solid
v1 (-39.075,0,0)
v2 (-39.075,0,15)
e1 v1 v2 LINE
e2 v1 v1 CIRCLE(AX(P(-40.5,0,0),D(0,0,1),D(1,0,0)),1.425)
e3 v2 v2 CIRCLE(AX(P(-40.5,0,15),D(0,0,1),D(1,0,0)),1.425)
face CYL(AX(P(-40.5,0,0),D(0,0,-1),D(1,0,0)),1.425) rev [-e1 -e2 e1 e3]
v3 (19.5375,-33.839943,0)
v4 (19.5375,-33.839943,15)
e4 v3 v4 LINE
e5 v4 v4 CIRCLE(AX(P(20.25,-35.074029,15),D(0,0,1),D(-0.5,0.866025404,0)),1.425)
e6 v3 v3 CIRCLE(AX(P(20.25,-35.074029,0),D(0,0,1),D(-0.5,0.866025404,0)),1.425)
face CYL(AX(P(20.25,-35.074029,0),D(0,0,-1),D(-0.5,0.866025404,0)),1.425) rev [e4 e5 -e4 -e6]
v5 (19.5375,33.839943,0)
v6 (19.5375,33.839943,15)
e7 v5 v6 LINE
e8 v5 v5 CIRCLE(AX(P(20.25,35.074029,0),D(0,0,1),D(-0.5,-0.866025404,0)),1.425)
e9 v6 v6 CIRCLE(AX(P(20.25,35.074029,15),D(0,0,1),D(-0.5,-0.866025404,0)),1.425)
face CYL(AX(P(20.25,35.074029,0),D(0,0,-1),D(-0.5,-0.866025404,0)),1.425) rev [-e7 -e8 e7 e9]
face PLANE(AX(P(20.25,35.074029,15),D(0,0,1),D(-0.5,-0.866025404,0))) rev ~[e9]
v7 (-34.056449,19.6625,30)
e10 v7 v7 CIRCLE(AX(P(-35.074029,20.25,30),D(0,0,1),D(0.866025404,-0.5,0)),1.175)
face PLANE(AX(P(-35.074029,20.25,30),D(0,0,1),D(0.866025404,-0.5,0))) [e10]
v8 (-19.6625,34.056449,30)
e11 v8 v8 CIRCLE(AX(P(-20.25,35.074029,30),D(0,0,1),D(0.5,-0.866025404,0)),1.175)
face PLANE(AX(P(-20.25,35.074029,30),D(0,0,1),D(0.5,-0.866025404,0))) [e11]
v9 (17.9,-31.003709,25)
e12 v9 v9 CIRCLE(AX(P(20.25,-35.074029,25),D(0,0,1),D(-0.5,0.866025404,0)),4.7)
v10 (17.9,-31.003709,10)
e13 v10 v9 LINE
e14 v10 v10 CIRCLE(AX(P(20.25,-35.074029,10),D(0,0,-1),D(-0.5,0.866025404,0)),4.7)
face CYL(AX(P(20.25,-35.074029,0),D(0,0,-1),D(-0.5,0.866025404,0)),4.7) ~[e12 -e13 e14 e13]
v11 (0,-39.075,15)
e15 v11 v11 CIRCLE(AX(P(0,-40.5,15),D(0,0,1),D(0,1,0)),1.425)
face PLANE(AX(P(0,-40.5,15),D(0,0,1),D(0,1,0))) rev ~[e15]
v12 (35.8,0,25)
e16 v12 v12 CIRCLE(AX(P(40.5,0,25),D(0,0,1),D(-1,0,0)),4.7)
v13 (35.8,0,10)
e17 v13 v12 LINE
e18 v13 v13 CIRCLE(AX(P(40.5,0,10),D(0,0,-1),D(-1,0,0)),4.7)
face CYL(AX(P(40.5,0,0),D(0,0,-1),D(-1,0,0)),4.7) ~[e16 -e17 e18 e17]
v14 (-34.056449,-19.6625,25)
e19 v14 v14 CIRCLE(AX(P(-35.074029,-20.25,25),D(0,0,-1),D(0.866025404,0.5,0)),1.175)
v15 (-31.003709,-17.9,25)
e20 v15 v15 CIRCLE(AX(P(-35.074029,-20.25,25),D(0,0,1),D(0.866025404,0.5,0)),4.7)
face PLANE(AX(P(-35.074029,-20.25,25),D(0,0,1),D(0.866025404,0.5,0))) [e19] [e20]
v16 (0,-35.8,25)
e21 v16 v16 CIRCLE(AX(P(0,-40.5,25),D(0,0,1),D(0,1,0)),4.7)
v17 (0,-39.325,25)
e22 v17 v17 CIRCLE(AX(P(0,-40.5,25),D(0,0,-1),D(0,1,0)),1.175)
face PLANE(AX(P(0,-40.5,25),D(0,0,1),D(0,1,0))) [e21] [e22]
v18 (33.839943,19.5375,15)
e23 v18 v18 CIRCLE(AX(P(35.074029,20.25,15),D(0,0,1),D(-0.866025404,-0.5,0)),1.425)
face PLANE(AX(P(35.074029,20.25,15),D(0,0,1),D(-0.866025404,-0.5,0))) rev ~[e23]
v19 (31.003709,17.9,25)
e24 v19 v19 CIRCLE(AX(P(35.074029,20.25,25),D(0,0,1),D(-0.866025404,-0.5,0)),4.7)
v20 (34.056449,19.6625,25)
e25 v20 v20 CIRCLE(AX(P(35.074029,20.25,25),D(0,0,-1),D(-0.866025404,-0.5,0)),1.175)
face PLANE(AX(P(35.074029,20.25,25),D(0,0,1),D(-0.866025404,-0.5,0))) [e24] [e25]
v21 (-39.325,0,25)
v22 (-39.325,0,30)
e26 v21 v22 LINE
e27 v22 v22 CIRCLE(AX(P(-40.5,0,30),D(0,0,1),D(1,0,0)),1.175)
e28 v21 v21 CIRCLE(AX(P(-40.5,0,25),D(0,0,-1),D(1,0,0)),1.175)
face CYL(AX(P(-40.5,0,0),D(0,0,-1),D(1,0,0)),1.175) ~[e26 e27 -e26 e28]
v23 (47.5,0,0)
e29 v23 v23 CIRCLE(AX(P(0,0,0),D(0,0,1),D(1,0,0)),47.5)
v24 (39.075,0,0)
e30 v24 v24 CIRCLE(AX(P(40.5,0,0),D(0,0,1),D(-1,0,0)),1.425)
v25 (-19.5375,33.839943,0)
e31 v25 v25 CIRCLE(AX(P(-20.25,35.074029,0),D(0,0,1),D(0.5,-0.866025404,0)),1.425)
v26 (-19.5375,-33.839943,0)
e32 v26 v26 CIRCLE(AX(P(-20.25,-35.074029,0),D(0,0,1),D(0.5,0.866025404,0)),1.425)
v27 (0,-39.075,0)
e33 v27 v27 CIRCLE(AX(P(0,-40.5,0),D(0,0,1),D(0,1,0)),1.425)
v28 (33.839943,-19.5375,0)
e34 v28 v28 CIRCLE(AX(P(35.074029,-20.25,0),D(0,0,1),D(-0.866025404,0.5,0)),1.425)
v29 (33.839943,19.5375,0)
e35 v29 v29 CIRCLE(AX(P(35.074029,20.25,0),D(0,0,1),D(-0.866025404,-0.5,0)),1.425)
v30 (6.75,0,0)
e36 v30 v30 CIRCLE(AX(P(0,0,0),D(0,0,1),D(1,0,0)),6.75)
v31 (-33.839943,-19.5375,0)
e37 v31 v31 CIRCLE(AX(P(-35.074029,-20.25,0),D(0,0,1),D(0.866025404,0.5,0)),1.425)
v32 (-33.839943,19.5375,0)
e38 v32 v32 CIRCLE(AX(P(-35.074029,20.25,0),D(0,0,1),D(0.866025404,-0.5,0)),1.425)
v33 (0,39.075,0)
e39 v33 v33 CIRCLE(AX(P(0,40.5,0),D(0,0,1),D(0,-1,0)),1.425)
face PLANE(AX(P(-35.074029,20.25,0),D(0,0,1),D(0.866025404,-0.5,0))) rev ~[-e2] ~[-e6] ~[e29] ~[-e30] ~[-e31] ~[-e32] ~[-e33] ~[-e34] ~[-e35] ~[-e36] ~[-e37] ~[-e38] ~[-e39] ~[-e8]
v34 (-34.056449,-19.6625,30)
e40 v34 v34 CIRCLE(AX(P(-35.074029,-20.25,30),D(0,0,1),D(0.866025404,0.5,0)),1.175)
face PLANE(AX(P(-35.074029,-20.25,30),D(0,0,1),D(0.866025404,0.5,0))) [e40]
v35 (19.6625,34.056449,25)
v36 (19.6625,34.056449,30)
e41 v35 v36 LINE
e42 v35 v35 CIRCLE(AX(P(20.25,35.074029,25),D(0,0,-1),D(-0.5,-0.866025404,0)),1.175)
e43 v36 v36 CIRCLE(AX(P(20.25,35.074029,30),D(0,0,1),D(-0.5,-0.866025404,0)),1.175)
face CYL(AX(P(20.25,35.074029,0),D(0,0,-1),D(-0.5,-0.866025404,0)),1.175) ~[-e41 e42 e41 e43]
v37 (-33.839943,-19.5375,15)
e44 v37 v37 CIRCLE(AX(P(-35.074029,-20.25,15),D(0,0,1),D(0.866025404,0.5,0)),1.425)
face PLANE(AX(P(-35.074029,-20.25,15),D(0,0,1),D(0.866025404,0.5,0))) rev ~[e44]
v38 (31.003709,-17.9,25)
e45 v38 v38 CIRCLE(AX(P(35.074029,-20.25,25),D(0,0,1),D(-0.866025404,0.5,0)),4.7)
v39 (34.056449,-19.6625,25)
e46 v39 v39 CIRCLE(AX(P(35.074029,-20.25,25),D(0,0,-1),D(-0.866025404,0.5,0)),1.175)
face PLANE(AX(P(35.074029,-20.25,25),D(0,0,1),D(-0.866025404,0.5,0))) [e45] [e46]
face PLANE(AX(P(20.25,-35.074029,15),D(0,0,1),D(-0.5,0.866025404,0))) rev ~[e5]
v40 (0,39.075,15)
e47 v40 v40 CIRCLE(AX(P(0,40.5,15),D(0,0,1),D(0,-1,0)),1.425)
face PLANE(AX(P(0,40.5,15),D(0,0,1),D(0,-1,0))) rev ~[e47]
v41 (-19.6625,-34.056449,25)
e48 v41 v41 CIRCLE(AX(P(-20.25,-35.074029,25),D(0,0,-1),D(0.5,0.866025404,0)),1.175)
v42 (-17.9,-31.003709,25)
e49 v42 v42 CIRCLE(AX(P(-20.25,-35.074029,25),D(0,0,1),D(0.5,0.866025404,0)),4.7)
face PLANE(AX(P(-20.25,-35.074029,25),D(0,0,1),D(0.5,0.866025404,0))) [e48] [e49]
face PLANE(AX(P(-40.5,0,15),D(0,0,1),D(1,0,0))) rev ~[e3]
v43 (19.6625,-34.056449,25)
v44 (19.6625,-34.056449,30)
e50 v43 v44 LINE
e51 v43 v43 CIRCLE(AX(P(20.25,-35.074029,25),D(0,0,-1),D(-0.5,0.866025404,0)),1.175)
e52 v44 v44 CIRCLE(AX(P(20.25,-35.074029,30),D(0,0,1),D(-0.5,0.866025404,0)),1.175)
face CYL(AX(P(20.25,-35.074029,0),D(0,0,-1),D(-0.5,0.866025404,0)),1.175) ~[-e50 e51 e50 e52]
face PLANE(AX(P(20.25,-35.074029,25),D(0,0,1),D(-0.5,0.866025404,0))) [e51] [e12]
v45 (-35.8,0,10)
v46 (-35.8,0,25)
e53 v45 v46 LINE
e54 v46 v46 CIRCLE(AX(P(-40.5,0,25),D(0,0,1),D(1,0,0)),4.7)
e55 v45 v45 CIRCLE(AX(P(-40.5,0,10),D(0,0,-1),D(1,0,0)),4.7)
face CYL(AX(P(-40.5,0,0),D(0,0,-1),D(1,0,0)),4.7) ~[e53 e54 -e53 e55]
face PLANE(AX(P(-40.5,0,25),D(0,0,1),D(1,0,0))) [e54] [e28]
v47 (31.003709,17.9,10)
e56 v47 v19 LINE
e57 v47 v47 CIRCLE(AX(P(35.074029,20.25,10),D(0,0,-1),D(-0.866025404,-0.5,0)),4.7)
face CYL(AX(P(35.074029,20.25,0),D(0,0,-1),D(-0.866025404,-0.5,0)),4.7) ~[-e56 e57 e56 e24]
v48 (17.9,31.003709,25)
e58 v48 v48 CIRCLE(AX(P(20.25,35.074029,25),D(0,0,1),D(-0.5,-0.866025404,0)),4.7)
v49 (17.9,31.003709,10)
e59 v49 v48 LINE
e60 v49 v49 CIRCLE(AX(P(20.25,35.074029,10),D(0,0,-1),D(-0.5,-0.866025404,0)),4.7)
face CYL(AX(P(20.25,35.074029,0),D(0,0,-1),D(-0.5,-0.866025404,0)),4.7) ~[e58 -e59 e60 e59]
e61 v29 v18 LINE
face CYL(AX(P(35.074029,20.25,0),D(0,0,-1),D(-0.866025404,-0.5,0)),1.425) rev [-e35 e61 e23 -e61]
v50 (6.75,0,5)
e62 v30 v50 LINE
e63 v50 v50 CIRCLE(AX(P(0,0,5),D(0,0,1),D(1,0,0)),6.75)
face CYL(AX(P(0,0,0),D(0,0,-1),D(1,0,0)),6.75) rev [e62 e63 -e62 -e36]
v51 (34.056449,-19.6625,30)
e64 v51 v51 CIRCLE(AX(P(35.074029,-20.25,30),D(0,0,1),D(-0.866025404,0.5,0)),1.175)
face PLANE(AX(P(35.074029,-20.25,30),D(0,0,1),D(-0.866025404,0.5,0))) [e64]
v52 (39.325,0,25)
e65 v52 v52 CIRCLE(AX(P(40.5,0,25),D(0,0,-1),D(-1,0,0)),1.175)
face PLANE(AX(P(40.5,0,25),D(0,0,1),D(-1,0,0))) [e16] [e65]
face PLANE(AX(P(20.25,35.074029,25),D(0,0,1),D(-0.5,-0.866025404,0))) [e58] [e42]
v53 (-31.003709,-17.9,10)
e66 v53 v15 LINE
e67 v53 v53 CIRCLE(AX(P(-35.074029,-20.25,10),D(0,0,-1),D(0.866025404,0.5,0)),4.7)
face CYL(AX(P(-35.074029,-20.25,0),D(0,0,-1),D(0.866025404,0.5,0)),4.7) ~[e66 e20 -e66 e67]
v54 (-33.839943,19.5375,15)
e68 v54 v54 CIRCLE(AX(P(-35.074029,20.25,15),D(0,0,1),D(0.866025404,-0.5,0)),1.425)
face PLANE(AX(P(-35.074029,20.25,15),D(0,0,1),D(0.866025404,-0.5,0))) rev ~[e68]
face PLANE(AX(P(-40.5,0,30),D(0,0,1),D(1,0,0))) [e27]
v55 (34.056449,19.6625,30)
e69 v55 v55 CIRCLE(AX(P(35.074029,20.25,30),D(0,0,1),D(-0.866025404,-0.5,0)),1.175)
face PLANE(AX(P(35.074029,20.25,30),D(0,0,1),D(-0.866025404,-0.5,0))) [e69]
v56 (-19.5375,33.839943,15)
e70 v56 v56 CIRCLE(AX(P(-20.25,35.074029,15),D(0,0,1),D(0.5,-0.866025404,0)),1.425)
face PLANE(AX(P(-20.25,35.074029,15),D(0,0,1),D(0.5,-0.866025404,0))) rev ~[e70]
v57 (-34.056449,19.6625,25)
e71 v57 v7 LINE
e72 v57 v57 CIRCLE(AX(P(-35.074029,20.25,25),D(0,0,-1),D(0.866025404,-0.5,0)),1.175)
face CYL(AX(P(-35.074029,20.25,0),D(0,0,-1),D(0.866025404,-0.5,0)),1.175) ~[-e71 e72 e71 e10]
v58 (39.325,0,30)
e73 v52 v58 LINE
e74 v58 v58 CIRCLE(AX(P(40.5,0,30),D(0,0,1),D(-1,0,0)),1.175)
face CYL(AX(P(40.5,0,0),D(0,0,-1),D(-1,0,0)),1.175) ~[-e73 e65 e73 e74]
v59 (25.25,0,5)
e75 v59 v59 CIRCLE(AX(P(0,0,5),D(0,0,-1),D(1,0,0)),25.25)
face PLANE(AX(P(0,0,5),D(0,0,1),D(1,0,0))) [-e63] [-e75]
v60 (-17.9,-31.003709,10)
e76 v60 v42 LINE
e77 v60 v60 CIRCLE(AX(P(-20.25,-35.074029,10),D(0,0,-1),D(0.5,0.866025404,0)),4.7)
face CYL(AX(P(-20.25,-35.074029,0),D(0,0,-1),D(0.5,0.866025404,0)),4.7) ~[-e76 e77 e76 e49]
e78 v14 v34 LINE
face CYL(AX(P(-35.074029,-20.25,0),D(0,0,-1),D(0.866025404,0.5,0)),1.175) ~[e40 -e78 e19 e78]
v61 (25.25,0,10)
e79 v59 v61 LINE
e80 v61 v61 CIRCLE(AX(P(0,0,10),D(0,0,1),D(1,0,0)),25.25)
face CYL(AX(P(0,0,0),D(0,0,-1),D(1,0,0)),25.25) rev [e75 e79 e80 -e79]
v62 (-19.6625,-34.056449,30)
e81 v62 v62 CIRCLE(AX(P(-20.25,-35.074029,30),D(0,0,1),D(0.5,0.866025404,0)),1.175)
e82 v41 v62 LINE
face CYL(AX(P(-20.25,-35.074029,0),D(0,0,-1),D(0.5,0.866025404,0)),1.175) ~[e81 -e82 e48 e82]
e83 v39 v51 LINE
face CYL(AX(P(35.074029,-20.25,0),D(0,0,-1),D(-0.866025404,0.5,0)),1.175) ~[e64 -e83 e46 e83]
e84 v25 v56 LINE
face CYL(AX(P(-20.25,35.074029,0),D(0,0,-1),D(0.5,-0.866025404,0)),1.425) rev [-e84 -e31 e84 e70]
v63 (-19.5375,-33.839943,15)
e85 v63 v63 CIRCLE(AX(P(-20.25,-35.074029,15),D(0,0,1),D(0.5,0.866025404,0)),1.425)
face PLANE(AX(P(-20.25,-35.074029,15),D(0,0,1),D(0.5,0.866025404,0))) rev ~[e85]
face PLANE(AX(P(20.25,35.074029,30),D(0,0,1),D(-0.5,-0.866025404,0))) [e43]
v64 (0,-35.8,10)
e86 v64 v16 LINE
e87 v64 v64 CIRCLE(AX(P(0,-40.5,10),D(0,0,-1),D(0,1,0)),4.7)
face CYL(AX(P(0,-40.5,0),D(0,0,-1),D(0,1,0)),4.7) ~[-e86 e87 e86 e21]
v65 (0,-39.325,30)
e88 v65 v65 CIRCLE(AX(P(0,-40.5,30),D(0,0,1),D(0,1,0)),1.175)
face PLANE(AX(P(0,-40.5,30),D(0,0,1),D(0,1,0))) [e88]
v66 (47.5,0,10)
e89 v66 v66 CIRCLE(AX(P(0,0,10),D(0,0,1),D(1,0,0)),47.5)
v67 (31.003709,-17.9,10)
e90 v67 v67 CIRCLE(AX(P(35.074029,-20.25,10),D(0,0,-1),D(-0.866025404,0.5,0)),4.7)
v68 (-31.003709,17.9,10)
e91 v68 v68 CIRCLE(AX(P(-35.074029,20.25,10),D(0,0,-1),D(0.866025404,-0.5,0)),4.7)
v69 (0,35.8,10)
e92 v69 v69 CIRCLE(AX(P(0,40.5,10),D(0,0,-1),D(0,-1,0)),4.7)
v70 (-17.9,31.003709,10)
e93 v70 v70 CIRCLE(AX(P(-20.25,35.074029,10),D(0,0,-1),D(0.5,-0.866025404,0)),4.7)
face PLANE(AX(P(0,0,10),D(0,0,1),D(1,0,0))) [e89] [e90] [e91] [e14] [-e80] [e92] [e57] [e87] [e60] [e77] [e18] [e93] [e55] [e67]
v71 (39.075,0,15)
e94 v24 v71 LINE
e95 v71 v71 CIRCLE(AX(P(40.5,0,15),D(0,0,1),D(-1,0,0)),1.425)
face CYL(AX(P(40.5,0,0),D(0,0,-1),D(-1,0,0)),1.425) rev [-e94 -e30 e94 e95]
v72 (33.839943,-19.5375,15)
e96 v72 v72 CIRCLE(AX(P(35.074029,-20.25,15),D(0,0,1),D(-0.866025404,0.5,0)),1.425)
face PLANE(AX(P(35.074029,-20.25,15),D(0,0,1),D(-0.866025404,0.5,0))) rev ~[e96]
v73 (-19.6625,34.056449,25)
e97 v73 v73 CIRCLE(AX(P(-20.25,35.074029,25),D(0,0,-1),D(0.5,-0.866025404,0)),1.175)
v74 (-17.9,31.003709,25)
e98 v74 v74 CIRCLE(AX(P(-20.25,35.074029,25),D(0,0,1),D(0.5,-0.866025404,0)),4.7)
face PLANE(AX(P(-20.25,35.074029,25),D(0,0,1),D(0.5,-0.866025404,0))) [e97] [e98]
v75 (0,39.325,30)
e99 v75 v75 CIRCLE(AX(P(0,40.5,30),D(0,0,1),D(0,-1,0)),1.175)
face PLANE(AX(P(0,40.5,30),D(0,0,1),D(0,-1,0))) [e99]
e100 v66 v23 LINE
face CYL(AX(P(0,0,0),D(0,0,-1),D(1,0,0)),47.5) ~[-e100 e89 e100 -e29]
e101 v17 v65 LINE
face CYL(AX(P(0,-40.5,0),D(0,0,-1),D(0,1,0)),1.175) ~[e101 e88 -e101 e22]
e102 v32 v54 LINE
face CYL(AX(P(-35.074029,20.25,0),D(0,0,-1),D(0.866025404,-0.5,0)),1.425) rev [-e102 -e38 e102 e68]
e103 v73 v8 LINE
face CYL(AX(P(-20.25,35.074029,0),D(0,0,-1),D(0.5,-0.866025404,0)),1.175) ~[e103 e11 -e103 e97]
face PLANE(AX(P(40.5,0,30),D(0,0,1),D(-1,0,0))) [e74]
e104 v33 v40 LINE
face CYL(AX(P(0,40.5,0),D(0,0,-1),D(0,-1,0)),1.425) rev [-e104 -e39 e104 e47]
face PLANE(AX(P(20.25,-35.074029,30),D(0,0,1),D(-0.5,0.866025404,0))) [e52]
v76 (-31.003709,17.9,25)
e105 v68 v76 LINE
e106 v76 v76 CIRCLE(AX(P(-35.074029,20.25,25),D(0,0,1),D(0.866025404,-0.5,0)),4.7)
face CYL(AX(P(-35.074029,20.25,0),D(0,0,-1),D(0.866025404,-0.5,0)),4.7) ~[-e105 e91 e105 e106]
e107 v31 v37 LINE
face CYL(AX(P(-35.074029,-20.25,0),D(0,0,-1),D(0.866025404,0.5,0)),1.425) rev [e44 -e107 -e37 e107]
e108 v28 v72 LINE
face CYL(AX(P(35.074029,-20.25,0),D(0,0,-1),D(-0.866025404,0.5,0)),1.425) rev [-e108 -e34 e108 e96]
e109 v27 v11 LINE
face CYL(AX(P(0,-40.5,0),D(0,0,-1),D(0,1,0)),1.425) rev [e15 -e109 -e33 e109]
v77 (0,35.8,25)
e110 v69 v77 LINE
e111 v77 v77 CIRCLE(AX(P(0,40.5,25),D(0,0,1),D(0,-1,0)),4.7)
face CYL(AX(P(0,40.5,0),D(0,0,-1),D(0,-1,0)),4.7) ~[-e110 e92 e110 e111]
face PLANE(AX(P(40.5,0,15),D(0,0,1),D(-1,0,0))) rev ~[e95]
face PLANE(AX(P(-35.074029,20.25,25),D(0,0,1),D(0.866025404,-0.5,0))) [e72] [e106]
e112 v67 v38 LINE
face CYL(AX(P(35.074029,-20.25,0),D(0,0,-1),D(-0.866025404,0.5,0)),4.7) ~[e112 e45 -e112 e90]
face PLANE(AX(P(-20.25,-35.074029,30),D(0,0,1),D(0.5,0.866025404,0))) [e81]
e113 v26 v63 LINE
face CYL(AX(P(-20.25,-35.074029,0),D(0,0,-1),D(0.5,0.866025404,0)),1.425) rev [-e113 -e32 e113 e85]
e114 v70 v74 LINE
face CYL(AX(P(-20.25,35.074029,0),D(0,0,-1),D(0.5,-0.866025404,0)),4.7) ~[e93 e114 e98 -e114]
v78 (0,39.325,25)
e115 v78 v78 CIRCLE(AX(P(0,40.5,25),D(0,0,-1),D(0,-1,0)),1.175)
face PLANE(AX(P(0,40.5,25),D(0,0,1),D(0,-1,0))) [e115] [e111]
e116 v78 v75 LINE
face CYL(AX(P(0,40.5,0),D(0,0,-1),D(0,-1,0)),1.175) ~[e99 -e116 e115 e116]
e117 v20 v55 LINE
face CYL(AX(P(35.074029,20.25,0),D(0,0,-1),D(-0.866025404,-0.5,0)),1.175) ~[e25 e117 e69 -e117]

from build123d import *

# Parameters (mm, degrees)
DRIVERDISKBASESKETCH_R   = 47.5
DRIVERDISKBASESKETCH_R_2 = 6.75
CENTERPAD_DEPTH          = 5
SKETCH_R                 = 47.5
SKETCH_R_2               = 25.25
OUTSIDEPAD_DEPTH         = 10
PINMALESKETCH_R          = 1.175
PINMALEPAD_DEPTH         = 30
ROLLERSKETCH_R           = 4.7
ROLLERPAD_DEPTH          = 25
PINSKETCHFEMALESKETCH_R  = 1.425
PINJOINERPOCKET_DEPTH    = 15
PINPOLAR_COUNT           = 12


with BuildPart() as part:
    # DriverDiskBaseSketch → centerPad (new body)
    with BuildSketch(Plane.XY):
        Circle(DRIVERDISKBASESKETCH_R)
        Circle(DRIVERDISKBASESKETCH_R_2, mode=Mode.SUBTRACT)
    extrude(amount=CENTERPAD_DEPTH)

    # Sketch → outsidePad (join)
    with BuildSketch(Plane.XY):
        Circle(SKETCH_R)
        Circle(SKETCH_R_2, mode=Mode.SUBTRACT)
    extrude(amount=OUTSIDEPAD_DEPTH)

    # pinMaleSketch → pinMalePad (join)
    with BuildSketch(Plane.XY):
        with Locations((-40.5, 0)):
            Circle(PINMALESKETCH_R)
    pinmalepad = extrude(amount=PINMALEPAD_DEPTH)

    # rollerSketch → RollerPad (join)
    with BuildSketch(Plane.XY):
        with Locations((-40.5, 0)):
            Circle(ROLLERSKETCH_R)
    rollerpad = extrude(amount=ROLLERPAD_DEPTH)

    # pinSketchFemaleSketch → pinJoinerPocket (cut)
    with BuildSketch(Plane.XY):
        with Locations((-40.5, 0)):
            Circle(PINSKETCHFEMALESKETCH_R)
    pinjoinerpocket = extrude(amount=PINJOINERPOCKET_DEPTH, mode=Mode.SUBTRACT)

    # pinPolar: pinMalePad, RollerPad, pinJoinerPocket ×12 about axis
    pinpolar_axis = Axis((0, 0, 0), (0, 0, 1))
    for i in range(1, PINPOLAR_COUNT):
        add(pinmalepad.rotate(pinpolar_axis, i * 360 / PINPOLAR_COUNT))
        add(rollerpad.rotate(pinpolar_axis, i * 360 / PINPOLAR_COUNT))
        add(pinjoinerpocket.rotate(pinpolar_axis, i * 360 / PINPOLAR_COUNT), mode=Mode.SUBTRACT)


solid = part.part
